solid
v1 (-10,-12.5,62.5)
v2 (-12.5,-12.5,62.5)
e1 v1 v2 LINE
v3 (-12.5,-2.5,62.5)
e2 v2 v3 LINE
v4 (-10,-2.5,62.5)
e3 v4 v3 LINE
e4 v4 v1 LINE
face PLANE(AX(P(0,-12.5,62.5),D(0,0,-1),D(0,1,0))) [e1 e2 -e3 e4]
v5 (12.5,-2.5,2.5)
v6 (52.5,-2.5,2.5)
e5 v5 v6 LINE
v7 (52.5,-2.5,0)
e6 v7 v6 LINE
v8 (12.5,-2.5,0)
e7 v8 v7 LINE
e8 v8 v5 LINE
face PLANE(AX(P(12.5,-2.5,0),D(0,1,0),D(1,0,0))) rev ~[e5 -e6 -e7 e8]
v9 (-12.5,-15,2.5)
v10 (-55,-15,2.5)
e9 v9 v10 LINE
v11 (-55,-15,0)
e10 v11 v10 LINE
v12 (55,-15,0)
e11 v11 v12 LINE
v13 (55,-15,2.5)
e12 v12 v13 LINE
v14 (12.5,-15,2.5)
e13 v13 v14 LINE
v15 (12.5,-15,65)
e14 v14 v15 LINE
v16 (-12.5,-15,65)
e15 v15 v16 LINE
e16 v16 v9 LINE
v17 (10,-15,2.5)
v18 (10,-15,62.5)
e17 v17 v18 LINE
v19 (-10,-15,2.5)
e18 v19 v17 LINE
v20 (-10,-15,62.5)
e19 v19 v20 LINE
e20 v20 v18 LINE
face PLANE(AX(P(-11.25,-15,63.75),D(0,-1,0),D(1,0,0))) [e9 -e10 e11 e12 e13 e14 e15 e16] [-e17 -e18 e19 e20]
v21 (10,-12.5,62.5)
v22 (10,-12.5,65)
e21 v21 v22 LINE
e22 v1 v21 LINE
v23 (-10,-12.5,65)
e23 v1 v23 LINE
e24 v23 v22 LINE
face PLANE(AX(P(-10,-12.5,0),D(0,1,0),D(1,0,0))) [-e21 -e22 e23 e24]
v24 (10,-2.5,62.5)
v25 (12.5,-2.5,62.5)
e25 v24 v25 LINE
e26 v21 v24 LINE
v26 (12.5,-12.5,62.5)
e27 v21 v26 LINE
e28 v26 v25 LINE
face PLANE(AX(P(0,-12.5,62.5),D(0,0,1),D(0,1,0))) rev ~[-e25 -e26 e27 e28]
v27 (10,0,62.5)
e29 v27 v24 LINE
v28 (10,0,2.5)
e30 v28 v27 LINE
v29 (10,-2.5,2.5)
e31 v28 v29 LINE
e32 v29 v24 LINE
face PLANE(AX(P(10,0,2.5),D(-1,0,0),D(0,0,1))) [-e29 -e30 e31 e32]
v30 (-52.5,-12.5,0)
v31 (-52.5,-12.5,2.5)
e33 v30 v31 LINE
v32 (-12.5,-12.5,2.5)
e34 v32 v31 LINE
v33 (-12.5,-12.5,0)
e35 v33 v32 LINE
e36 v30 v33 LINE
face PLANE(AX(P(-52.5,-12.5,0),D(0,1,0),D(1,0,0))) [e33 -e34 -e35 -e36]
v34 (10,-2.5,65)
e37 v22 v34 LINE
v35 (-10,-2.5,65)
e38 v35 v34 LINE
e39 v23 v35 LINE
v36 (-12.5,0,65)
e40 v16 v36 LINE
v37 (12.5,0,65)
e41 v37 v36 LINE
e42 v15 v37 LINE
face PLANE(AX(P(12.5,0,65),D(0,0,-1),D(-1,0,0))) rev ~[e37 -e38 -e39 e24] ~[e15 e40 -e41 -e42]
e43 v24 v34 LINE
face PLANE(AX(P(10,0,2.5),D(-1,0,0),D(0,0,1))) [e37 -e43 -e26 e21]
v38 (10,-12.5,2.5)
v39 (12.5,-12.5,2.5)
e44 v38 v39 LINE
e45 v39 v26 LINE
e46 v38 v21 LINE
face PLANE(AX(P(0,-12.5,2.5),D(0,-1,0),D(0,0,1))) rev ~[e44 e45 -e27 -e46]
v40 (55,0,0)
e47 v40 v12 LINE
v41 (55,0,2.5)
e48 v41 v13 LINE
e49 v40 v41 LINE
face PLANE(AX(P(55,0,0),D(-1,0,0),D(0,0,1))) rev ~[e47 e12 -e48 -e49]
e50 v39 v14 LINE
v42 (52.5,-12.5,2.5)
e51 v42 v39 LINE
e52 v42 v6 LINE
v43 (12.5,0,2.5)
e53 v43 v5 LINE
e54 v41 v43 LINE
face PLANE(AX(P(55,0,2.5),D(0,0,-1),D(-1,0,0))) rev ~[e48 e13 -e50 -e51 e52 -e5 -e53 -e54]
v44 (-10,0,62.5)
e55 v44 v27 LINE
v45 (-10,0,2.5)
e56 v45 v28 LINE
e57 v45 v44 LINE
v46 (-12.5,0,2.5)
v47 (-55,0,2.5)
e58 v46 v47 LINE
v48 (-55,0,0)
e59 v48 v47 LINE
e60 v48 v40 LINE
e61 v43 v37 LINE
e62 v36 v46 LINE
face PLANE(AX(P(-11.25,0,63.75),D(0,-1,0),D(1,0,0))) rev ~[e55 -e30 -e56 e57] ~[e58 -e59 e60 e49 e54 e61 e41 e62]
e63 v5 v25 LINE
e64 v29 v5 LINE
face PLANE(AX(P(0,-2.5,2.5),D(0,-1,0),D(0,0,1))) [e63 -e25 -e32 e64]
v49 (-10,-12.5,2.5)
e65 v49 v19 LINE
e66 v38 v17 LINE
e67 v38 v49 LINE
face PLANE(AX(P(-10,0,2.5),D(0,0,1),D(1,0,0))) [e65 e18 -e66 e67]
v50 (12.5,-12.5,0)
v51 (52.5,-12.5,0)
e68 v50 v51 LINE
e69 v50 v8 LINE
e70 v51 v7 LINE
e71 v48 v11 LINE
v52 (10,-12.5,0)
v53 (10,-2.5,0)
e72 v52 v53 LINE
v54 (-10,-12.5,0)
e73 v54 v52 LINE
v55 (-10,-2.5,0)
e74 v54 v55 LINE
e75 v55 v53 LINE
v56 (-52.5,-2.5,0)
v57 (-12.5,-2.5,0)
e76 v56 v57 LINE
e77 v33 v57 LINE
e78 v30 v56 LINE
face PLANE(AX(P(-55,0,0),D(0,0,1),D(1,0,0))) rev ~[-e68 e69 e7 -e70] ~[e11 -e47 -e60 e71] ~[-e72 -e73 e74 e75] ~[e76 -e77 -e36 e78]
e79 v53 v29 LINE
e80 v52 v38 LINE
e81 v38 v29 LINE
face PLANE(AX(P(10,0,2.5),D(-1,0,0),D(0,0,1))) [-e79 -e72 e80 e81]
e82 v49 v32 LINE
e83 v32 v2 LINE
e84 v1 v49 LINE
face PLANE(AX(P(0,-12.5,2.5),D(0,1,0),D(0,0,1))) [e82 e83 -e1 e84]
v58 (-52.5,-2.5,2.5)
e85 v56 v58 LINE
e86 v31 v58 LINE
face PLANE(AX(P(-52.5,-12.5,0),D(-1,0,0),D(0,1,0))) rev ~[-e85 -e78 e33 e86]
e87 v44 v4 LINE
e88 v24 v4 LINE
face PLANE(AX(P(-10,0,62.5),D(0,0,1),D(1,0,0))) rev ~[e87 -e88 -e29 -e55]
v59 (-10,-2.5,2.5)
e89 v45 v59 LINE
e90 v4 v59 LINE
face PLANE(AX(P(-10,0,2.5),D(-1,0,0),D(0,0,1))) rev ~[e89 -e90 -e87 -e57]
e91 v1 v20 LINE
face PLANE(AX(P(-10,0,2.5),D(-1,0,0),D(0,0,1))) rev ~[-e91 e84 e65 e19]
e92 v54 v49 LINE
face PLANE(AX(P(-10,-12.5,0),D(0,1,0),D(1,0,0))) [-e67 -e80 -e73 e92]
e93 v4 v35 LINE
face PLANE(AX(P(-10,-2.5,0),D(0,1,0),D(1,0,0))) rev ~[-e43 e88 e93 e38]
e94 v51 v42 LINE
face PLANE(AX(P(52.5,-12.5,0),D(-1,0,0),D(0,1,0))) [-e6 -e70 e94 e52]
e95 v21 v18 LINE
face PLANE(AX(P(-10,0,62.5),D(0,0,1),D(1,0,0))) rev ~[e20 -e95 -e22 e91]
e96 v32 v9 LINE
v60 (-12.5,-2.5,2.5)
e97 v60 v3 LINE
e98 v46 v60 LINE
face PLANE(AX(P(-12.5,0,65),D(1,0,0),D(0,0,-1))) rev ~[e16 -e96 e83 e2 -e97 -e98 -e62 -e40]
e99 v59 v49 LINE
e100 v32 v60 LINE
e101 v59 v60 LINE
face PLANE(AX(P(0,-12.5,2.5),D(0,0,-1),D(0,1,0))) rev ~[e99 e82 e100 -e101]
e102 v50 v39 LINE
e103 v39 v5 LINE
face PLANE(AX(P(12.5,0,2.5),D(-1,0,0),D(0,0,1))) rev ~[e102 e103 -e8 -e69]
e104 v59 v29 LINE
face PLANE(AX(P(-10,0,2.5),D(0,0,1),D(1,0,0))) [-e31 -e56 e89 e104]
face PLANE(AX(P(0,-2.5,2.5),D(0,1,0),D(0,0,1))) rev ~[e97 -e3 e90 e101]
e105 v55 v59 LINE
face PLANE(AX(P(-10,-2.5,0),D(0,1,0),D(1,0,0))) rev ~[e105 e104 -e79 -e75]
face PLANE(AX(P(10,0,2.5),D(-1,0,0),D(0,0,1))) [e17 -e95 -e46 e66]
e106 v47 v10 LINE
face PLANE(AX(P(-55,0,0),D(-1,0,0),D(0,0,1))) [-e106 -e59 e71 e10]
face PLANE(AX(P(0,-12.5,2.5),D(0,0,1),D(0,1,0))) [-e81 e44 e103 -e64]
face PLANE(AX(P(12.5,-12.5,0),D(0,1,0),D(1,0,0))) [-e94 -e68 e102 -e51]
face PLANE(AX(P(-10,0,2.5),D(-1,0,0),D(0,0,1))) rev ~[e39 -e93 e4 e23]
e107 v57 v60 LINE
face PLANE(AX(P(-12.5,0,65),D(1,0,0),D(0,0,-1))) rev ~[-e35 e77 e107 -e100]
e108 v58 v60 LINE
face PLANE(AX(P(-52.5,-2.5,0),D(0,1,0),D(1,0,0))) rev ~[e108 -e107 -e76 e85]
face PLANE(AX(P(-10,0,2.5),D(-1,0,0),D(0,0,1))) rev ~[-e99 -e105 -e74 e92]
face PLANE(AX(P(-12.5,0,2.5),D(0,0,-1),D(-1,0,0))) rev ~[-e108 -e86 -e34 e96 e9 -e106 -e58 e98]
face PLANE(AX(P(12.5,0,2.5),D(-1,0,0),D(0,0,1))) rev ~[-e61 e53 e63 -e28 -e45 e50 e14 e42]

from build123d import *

# Parameters (mm, degrees)
F0_W          = 2.5
F0_H          = 2.5
F0_W_2        = 20
F0_H_2        = 60
F0_W_3        = 40
F1_DEPTH      = 15
F2_W          = 20
F2_H          = 10
F2_W_2        = 40
F3_DEPTH      = 70
F4_W          = 10
F4_H          = 60
F5_DEPTH      = 25
F5_DEPTH_BACK = 25


with BuildPart() as f1:
    # F0 (on Front) → F1 (new body)
    with BuildSketch(Plane.XZ):
        with Locations((-11.25, 63.75)):
            Rectangle(F0_W, F0_H)
        with Locations((0, 63.75)):
            Rectangle(F0_W_2, F0_H)
        with Locations((11.25, 63.75)):
            Rectangle(F0_W, F0_H)
        with Locations((-11.25, 32.5)):
            Rectangle(F0_W, F0_H_2)
        with Locations((11.25, 32.5)):
            Rectangle(F0_W, F0_H_2)
        with Locations((0, 1.25)):
            Rectangle(F0_W_2, F0_H)
        with Locations((-32.5, 1.25)):
            Rectangle(F0_W_3, F0_H)
        with Locations((32.5, 1.25)):
            Rectangle(F0_W_3, F0_H)
        with Locations((11.25, 1.25)):
            Rectangle(F0_W, F0_H)
        with Locations((53.75, 1.25)):
            Rectangle(F0_W, F0_H)
        with Locations((-11.25, 1.25)):
            Rectangle(F0_W, F0_H)
        with Locations((-53.75, 1.25)):
            Rectangle(F0_W, F0_H)
    extrude(amount=F1_DEPTH)

    # F2 (on Top) → F3 (cut)
    with BuildSketch(Plane.XY):
        with Locations((0, -7.5)):
            Rectangle(F2_W, F2_H)
        with Locations((32.5, -7.5)):
            Rectangle(F2_W_2, F2_H)
        with Locations((-32.5, -7.5)):
            Rectangle(F2_W_2, F2_H)
    extrude(amount=F3_DEPTH, mode=Mode.SUBTRACT)

    # F4 (on Right) → F5 (cut, two sides)
    with BuildSketch(Plane.YZ) as f5_sk:
        with Locations((-7.5, 32.5)):
            Rectangle(F4_W, F4_H)
    extrude(amount=-F5_DEPTH, mode=Mode.SUBTRACT)
    extrude(f5_sk.sketch, amount=F5_DEPTH_BACK, mode=Mode.SUBTRACT)


solid = f1.part
